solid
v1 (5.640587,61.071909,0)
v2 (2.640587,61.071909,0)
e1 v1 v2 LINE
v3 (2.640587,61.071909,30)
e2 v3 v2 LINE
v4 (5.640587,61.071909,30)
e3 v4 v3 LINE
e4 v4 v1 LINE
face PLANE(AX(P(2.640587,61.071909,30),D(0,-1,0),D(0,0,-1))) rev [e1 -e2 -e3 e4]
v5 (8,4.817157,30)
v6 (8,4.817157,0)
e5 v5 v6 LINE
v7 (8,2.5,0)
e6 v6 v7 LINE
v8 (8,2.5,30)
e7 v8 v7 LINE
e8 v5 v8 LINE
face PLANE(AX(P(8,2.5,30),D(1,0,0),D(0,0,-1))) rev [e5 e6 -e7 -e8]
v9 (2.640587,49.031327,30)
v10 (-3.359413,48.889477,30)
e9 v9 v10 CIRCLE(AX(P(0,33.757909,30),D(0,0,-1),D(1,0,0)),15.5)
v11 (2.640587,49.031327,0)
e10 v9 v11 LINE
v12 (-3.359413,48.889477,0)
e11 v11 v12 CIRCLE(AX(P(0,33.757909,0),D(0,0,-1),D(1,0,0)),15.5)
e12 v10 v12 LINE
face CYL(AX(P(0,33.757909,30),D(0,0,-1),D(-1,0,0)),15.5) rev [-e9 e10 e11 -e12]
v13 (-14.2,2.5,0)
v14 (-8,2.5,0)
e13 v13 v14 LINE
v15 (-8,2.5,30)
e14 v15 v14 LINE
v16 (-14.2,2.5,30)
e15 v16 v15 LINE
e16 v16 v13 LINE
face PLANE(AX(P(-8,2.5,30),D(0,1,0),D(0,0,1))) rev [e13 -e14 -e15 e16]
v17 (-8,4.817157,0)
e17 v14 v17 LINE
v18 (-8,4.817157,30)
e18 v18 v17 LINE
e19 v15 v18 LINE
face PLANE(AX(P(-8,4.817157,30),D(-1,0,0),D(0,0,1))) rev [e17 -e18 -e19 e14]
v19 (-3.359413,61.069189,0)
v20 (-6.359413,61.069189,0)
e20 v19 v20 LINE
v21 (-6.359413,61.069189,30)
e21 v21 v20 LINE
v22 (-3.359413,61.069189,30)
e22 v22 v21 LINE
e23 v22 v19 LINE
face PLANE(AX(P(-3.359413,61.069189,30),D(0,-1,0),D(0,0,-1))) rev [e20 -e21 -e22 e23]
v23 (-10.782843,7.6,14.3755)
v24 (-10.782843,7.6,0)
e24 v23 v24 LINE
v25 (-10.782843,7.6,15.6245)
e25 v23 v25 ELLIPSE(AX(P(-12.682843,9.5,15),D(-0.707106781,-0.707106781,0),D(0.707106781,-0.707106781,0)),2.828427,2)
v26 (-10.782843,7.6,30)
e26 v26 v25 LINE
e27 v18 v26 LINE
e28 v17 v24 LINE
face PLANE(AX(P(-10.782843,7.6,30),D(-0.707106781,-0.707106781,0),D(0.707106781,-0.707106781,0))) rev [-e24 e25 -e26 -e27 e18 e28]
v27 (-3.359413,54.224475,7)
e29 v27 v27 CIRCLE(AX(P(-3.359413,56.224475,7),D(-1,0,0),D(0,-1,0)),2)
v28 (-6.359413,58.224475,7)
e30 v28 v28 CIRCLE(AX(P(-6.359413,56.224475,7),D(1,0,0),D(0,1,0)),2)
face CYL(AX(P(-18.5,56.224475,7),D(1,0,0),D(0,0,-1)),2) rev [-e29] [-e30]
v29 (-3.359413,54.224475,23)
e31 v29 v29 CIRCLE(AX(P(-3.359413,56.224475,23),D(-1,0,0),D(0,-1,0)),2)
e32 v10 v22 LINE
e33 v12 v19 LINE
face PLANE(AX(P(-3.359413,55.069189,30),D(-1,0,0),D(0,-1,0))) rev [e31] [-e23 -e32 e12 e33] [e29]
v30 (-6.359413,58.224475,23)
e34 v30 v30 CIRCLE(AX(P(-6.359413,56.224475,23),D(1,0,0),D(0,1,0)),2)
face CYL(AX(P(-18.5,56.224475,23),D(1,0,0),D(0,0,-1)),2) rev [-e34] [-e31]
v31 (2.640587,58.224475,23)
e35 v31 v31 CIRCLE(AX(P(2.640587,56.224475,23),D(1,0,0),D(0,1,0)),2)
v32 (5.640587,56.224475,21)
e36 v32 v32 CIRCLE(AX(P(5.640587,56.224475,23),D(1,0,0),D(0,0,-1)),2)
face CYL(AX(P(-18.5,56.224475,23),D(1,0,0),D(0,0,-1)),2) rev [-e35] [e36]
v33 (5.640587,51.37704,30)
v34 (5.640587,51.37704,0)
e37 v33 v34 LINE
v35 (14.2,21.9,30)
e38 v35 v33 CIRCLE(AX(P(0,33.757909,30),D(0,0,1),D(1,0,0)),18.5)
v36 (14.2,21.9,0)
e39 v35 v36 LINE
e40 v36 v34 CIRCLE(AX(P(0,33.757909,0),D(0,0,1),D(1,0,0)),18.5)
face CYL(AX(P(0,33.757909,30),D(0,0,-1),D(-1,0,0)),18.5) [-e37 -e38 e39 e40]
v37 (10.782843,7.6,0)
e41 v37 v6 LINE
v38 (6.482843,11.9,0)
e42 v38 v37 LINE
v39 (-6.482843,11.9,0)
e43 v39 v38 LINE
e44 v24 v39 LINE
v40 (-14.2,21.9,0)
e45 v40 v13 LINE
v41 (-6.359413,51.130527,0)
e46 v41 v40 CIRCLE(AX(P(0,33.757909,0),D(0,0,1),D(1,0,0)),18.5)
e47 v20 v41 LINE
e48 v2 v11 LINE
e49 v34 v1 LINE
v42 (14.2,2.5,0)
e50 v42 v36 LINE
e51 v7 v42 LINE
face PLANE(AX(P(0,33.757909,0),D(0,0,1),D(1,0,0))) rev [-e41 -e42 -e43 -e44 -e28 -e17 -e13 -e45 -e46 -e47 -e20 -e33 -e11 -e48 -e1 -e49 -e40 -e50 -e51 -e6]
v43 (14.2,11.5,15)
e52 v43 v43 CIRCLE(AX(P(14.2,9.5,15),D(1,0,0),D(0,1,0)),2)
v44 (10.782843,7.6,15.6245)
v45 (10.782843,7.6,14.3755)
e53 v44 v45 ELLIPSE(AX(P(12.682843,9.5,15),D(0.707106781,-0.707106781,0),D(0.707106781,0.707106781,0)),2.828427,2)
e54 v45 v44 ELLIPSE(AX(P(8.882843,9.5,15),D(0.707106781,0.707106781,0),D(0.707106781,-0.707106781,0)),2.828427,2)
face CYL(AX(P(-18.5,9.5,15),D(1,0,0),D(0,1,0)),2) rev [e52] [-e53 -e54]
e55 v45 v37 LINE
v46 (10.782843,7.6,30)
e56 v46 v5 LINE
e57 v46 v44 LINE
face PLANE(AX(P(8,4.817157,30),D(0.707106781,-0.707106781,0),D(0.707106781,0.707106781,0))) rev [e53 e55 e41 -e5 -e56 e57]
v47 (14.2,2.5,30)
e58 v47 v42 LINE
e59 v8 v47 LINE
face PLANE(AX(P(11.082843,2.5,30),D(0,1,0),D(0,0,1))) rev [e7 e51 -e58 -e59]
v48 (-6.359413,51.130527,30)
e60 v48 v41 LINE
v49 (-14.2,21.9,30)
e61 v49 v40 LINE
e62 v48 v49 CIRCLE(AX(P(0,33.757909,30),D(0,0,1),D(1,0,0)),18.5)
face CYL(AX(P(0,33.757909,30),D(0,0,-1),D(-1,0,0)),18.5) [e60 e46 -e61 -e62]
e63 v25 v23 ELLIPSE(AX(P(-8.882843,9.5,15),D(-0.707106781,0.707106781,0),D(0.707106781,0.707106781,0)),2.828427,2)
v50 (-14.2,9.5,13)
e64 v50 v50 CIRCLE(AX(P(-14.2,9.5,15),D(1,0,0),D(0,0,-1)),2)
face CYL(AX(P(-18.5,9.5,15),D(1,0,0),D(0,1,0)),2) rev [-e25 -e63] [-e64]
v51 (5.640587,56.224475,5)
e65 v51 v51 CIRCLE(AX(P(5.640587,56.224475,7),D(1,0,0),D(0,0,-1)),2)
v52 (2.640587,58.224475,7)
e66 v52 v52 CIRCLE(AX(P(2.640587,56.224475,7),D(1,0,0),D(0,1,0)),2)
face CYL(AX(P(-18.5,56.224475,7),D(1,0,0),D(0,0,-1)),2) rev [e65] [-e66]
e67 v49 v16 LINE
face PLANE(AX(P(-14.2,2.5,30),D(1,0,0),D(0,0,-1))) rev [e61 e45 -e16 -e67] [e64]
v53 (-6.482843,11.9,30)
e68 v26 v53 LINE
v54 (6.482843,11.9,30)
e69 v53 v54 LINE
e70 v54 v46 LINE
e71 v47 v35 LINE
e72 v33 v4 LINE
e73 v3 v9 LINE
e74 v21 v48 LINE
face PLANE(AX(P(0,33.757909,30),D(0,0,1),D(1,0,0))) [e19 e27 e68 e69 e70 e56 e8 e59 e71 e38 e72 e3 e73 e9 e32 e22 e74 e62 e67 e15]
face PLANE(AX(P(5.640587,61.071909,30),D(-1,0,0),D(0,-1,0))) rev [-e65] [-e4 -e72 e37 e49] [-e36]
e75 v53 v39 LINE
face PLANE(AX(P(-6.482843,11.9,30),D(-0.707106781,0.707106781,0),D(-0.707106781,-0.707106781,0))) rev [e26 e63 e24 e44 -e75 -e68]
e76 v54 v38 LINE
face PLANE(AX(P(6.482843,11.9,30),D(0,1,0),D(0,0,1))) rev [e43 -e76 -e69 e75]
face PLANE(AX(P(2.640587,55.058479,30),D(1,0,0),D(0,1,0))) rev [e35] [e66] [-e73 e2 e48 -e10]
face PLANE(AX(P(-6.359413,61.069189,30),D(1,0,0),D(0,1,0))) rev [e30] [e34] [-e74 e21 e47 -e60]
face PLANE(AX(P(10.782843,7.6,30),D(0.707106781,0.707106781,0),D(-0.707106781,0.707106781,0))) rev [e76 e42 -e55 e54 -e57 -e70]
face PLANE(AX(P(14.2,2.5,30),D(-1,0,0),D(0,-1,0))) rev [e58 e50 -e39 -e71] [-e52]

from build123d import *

# Parameters (mm, degrees)
BOSS_EXTRUDE1_DEPTH = 30
SKETCH2_R           = 2
CUT_EXTRUDE1_DEPTH  = 25.140587276
SKETCH3_R           = 2
CUT_EXTRUDE2_DEPTH  = 33.7


with BuildPart() as part:
    # Sketch1 → Boss-Extrude1 (new body)
    with BuildSketch(Plane.XY):
        with BuildLine():
            Line((2.640587276, 55.058478526), (2.640587276, 61.071909479))
            Line((2.640587276, 61.071909479), (5.640587276, 61.071909479))
            Line((5.640587276, 61.071909479), (5.640587276, 51.377039696))
            ThreePointArc((5.640587276, 51.377039696), (17.766153021, 38.916765877), (14.2, 21.9))
            Line((14.2, 21.9), (14.2, 2.5))
            Line((14.2, 2.5), (11.082842712, 2.5))
            Line((11.082842712, 2.5), (8, 2.5))
            Line((8, 2.5), (8, 4.817157288))
            Line((8, 4.817157288), (10.782842712, 7.6))
            Line((10.782842712, 7.6), (6.482842712, 11.9))
            Line((6.482842712, 11.9), (-6.482842712, 11.9))
            Line((-6.482842712, 11.9), (-10.782842712, 7.6))
            Line((-10.782842712, 7.6), (-8, 4.817157288))
            Line((-8, 4.817157288), (-8, 2.5))
            Line((-8, 2.5), (-11.082842712, 2.5))
            Line((-11.082842712, 2.5), (-14.2, 2.5))
            Line((-14.2, 2.5), (-14.2, 21.9))
            ThreePointArc((-14.2, 21.9), (-17.868360087, 38.550789704), (-6.359412724, 51.130527146))
            Line((-6.359412724, 51.130527146), (-6.359412724, 61.069189213))
            Line((-6.359412724, 61.069189213), (-3.359412724, 61.069189213))
            Line((-3.359412724, 61.069189213), (-3.359412724, 55.069189213))
            Line((-3.359412724, 55.069189213), (-3.359412724, 48.889476621))
            ThreePointArc((-3.359412724, 48.889476621), (0.366343929, 18.262238644), (2.640587276, 49.0313268))
            Line((2.640587276, 49.0313268), (2.640587276, 55.058478526))
        make_face()
    extrude(amount=BOSS_EXTRUDE1_DEPTH)

    # Sketch2 → Cut-Extrude1 (cut, through all)
    with BuildSketch(Plane(origin=(5.640587276, 0, 0), x_dir=(0, 0, -1), z_dir=(1, 0, 0))):
        with Locations(Location((-7, 56.224474587, 0), (0, 0, 270))):  # turned: the seam where the file's is
            Circle(SKETCH2_R)
        with Locations(Location((-23, 56.224474587, 0), (0, 0, 270))):  # turned: the seam where the file's is
            Circle(SKETCH2_R)
    extrude(amount=-CUT_EXTRUDE1_DEPTH, mode=Mode.SUBTRACT)

    # Sketch3 → Cut-Extrude2 (cut, through all)
    with BuildSketch(Plane(origin=(14.2, 0, 0), x_dir=(0, 0, -1), z_dir=(1, 0, 0))):
        with Locations(Location((-15, 9.5, 0), (0, 0, 90))):  # turned: the seam where the file's is
            Circle(SKETCH3_R)
    extrude(amount=-CUT_EXTRUDE2_DEPTH, mode=Mode.SUBTRACT)


solid = part.part
